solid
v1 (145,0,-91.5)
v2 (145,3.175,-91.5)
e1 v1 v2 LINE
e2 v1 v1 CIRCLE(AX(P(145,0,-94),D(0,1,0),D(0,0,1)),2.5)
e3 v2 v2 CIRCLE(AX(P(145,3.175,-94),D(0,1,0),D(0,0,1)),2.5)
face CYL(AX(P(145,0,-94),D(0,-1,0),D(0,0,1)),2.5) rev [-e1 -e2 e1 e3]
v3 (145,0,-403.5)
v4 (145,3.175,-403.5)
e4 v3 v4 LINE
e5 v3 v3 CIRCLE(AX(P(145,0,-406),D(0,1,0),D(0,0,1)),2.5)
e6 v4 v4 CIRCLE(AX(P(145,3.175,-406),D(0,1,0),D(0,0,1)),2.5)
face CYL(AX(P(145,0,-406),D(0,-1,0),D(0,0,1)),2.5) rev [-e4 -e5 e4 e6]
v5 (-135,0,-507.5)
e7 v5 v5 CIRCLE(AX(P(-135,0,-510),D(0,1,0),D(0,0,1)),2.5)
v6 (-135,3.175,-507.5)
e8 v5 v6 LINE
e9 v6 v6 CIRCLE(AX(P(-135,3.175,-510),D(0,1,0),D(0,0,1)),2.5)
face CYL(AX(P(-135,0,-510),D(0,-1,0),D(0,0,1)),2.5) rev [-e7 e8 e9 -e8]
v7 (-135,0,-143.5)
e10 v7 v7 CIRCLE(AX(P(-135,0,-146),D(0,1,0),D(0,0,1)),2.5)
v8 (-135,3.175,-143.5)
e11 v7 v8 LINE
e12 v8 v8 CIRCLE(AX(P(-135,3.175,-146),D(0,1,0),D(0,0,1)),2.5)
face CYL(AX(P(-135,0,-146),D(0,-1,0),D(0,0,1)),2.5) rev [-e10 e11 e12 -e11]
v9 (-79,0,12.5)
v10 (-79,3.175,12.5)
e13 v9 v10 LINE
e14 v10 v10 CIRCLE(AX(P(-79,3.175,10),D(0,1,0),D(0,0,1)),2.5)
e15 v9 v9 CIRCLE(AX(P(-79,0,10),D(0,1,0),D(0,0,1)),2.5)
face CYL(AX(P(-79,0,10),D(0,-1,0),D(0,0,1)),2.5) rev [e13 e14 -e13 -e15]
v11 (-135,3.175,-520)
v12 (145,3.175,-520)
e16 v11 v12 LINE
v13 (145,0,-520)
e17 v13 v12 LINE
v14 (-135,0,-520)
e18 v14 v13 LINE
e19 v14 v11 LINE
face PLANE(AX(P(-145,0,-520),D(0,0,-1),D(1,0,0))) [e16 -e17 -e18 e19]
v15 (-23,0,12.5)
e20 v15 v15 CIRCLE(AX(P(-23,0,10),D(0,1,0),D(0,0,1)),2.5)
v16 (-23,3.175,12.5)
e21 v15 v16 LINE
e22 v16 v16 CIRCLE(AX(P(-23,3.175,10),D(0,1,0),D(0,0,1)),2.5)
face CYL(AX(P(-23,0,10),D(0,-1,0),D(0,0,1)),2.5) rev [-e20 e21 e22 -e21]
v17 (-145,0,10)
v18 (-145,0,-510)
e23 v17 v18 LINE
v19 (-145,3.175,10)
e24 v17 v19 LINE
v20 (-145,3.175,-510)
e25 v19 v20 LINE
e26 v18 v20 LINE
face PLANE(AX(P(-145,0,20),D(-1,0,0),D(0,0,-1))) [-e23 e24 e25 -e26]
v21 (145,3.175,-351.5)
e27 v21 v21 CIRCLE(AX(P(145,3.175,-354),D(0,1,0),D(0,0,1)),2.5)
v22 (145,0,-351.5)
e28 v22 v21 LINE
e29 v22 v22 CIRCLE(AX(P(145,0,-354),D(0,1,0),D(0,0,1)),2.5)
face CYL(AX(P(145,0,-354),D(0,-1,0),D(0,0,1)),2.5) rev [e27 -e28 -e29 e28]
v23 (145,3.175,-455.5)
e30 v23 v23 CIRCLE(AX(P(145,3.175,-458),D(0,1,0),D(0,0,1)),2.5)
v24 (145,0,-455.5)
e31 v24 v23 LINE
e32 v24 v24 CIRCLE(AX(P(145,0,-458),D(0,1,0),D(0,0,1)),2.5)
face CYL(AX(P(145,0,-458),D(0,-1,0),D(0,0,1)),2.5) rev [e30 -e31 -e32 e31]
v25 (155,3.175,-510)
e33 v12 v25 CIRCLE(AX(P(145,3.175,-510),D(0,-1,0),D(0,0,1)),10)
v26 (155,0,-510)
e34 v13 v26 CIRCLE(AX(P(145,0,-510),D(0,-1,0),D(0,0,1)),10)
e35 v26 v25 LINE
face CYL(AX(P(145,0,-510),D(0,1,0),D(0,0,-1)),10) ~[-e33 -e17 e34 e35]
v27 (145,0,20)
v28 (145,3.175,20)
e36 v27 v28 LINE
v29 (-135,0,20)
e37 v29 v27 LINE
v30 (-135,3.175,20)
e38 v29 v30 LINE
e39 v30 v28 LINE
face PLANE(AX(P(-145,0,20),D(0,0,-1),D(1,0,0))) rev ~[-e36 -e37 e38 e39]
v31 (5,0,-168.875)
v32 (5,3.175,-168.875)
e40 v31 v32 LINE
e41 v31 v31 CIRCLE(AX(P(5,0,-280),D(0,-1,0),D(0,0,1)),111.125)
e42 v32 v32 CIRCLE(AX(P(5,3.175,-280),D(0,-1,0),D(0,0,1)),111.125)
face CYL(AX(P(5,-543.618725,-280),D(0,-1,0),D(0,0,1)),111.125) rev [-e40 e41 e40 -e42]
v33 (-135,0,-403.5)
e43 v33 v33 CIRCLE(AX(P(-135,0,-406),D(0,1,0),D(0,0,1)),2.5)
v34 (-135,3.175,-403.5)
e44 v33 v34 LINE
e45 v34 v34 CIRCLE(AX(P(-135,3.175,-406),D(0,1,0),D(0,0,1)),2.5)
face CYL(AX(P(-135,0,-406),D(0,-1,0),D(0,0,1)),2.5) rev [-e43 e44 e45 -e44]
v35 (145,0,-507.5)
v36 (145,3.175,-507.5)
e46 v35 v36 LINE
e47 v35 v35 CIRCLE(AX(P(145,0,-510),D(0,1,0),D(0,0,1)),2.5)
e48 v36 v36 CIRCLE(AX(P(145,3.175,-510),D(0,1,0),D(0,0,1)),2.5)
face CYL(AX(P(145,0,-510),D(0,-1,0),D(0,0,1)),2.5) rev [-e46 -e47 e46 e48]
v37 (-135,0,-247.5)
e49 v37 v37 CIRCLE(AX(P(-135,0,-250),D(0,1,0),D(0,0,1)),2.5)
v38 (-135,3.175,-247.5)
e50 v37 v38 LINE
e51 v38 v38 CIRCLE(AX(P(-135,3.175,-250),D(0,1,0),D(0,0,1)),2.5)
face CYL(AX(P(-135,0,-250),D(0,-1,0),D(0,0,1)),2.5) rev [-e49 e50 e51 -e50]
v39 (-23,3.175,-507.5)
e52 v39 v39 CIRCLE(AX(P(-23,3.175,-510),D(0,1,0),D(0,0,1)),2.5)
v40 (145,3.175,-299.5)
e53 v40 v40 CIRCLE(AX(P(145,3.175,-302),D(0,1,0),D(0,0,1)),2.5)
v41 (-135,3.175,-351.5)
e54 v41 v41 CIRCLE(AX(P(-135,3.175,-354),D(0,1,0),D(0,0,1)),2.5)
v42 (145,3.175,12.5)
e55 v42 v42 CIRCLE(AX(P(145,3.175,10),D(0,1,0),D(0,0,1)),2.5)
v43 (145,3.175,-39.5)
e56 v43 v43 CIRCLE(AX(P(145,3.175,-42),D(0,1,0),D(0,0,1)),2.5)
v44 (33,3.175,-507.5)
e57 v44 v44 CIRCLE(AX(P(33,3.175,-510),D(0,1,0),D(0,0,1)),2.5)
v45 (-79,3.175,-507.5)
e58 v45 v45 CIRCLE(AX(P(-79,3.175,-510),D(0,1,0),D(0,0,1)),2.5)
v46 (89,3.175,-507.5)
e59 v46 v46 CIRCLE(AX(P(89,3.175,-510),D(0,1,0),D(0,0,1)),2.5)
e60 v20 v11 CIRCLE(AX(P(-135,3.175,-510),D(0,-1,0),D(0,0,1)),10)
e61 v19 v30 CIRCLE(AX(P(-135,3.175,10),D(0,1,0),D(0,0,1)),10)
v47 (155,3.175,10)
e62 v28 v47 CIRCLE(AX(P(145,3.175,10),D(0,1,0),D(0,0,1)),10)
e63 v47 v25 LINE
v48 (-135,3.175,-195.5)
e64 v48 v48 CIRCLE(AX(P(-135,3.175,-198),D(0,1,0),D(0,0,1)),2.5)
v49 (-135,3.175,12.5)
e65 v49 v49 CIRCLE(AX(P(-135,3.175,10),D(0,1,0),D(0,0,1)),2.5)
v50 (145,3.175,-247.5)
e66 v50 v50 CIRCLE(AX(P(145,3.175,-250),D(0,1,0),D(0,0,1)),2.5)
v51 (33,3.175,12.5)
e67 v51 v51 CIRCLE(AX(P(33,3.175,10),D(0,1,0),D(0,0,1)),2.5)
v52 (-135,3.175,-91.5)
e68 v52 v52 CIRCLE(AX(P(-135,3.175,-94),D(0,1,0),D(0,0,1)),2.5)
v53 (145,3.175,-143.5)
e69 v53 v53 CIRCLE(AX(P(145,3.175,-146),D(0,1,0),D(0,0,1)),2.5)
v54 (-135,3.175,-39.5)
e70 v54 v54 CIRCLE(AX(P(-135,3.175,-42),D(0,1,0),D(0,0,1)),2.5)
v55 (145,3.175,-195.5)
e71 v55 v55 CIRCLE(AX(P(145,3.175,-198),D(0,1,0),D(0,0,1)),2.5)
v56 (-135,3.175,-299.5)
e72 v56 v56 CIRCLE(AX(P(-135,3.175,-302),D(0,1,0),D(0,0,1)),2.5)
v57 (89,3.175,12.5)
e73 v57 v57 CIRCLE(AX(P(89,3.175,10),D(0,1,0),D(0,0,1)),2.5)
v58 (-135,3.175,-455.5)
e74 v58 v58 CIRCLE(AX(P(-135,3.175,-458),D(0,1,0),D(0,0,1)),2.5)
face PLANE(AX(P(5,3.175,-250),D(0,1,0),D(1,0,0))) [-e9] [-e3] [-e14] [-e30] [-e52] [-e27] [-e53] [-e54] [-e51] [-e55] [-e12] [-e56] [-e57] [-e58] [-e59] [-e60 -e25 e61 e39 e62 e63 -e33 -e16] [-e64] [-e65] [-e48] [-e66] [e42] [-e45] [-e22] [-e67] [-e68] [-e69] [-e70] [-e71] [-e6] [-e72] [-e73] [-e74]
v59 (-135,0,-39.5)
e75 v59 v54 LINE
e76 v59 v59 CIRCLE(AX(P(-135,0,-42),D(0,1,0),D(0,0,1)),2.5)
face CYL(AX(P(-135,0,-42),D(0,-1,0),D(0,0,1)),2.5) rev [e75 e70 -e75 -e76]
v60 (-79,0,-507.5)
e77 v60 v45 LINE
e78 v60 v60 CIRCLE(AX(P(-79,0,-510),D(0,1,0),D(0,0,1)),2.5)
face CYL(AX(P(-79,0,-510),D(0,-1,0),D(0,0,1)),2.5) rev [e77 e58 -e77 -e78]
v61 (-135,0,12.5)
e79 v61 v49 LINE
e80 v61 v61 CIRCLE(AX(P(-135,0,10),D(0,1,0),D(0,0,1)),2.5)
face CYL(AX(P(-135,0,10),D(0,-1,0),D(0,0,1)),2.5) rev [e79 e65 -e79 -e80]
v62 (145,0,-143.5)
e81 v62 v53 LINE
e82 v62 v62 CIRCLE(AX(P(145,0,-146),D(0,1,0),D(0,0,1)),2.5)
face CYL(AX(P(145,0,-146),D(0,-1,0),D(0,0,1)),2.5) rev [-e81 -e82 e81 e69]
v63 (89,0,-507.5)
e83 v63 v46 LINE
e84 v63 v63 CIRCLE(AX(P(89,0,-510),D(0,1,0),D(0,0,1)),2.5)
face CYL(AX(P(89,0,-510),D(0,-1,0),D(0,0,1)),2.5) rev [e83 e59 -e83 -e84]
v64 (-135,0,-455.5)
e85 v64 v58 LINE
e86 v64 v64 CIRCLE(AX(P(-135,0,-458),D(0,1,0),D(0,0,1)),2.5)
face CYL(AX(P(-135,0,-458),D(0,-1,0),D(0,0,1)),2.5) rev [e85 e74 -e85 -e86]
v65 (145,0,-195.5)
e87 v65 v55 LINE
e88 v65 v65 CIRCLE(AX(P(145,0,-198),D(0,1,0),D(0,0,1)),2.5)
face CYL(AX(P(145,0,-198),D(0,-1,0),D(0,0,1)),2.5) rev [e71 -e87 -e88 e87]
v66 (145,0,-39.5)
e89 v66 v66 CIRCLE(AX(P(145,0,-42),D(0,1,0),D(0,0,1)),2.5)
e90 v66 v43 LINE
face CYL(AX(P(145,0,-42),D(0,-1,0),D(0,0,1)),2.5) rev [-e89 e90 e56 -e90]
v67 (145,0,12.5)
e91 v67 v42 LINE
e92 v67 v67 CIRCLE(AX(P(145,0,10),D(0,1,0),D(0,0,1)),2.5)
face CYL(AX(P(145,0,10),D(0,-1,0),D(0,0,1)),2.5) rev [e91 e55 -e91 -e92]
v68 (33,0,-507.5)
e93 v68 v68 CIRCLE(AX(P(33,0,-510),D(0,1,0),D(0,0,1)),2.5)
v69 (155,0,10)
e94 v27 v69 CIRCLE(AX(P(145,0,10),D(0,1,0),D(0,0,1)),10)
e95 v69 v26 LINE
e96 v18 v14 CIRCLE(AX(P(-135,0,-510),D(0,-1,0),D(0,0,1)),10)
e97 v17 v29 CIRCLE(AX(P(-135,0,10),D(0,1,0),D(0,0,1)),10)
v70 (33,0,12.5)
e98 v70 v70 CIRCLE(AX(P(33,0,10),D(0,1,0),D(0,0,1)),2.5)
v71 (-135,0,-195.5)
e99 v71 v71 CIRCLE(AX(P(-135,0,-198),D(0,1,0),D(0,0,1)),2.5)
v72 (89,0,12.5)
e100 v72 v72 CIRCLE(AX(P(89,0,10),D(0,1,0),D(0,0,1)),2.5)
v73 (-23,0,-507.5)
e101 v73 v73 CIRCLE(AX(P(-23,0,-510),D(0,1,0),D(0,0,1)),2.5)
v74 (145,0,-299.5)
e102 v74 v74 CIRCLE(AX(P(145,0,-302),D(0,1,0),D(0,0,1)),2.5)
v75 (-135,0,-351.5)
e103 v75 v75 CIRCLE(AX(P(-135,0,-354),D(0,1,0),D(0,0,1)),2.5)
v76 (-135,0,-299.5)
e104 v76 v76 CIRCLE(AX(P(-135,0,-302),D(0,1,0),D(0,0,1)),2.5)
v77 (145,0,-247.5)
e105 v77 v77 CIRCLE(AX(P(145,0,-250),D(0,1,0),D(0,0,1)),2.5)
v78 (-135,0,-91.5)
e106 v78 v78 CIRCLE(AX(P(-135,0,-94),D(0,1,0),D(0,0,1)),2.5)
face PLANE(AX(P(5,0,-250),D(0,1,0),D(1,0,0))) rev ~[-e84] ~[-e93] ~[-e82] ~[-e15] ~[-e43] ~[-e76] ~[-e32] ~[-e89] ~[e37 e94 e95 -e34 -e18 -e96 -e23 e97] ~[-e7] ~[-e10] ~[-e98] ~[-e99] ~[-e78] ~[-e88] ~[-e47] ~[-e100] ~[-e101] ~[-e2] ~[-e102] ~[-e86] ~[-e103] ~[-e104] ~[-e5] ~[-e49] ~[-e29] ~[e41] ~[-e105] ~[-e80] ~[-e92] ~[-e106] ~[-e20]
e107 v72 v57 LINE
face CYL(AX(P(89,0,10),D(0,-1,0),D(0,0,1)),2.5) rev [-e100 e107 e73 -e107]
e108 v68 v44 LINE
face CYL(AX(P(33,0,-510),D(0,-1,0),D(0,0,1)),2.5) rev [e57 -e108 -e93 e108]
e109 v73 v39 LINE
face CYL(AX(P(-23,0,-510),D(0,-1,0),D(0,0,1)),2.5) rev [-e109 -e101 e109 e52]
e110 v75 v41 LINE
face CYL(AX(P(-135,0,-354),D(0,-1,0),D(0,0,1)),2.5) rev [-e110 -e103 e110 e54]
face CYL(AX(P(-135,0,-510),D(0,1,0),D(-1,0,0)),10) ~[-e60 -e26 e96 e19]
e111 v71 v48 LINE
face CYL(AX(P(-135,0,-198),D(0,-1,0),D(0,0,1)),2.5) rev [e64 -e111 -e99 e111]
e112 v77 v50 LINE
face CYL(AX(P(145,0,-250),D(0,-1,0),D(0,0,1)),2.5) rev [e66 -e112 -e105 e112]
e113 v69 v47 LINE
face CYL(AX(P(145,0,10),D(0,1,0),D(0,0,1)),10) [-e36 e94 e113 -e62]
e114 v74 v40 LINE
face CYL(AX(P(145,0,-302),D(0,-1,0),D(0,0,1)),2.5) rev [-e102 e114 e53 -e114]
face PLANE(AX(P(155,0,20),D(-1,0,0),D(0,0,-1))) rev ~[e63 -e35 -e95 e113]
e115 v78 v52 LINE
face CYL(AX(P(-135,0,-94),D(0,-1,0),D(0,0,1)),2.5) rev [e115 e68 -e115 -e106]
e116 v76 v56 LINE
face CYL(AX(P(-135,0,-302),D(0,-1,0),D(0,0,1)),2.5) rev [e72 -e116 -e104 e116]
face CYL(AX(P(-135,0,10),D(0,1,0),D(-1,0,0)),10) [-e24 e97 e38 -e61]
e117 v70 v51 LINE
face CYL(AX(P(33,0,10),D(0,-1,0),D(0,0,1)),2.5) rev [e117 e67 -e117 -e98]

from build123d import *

# Parameters (mm, degrees)
SKETCH9_W               = 300
SKETCH9_H               = 540
SKETCH9_R               = 2.5
BOSS_EXTRUDE7_DEPTH     = 3.175
FILLET4_R               = 10
CUT_EXTRUDE1_DEPTH      = 543.618724912
CUT_EXTRUDE1_DEPTH_BACK = 543.618724912
SKETCH9_3_R             = 111.125


with BuildPart() as part:
    # Sketch9 → Boss-Extrude7 (new body)
    with BuildSketch(Plane(origin=(0, 0, 0), x_dir=(1, 0, 0), z_dir=(0, 1, 0))):
        with Locations((5, 250)):
            Rectangle(SKETCH9_W, SKETCH9_H)
        with Locations((-135, -10)):
            Circle(SKETCH9_R, mode=Mode.SUBTRACT)
        with Locations((-135, 42)):
            Circle(SKETCH9_R, mode=Mode.SUBTRACT)
        with Locations((-79, -10)):
            Circle(SKETCH9_R, mode=Mode.SUBTRACT)
        with Locations((-135, 94)):
            Circle(SKETCH9_R, mode=Mode.SUBTRACT)
        with Locations((-23, -10)):
            Circle(SKETCH9_R, mode=Mode.SUBTRACT)
        with Locations((-135, 146)):
            Circle(SKETCH9_R, mode=Mode.SUBTRACT)
        with Locations((-135, 198)):
            Circle(SKETCH9_R, mode=Mode.SUBTRACT)
        with Locations((33, -10)):
            Circle(SKETCH9_R, mode=Mode.SUBTRACT)
        with Locations((89, -10)):
            Circle(SKETCH9_R, mode=Mode.SUBTRACT)
        with Locations((145, -10)):
            Circle(SKETCH9_R, mode=Mode.SUBTRACT)
        with Locations((145, 42)):
            Circle(SKETCH9_R, mode=Mode.SUBTRACT)
        with Locations((145, 94)):
            Circle(SKETCH9_R, mode=Mode.SUBTRACT)
        with Locations((145, 146)):
            Circle(SKETCH9_R, mode=Mode.SUBTRACT)
        with Locations((145, 198)):
            Circle(SKETCH9_R, mode=Mode.SUBTRACT)
        with Locations((-135, 250)):
            Circle(SKETCH9_R, mode=Mode.SUBTRACT)
        with Locations((-135, 302)):
            Circle(SKETCH9_R, mode=Mode.SUBTRACT)
        with Locations((-135, 354)):
            Circle(SKETCH9_R, mode=Mode.SUBTRACT)
        with Locations((-135, 406)):
            Circle(SKETCH9_R, mode=Mode.SUBTRACT)
        with Locations((-135, 458)):
            Circle(SKETCH9_R, mode=Mode.SUBTRACT)
        with Locations((-135, 510)):
            Circle(SKETCH9_R, mode=Mode.SUBTRACT)
        with Locations((-79, 510)):
            Circle(SKETCH9_R, mode=Mode.SUBTRACT)
        with Locations((-23, 510)):
            Circle(SKETCH9_R, mode=Mode.SUBTRACT)
        with Locations((145, 250)):
            Circle(SKETCH9_R, mode=Mode.SUBTRACT)
        with Locations((145, 302)):
            Circle(SKETCH9_R, mode=Mode.SUBTRACT)
        with Locations((145, 354)):
            Circle(SKETCH9_R, mode=Mode.SUBTRACT)
        with Locations((33, 510)):
            Circle(SKETCH9_R, mode=Mode.SUBTRACT)
        with Locations((145, 406)):
            Circle(SKETCH9_R, mode=Mode.SUBTRACT)
        with Locations((89, 510)):
            Circle(SKETCH9_R, mode=Mode.SUBTRACT)
        with Locations((145, 458)):
            Circle(SKETCH9_R, mode=Mode.SUBTRACT)
        with Locations((145, 510)):
            Circle(SKETCH9_R, mode=Mode.SUBTRACT)
    extrude(amount=BOSS_EXTRUDE7_DEPTH)

    # Fillet4
    fillet4_edges = [part.edges().sort_by_distance(p)[0] for p in [
        (-145, 1.5875, -520),
        (155, 1.5875, -520),
        (155, 1.5875, 20),
        (-145, 1.5875, 20),
    ]]
    fillet(fillet4_edges, radius=FILLET4_R)

    # Sketch9<3> → Cut-Extrude1 (cut, two sides: drawn at the far end of the back side and taken through both)
    with BuildSketch(Plane(origin=(0, 0, 0), x_dir=(1, 0, 0), z_dir=(0, 1, 0)).offset(-CUT_EXTRUDE1_DEPTH_BACK)):
        with Locations((5, 280)):
            Circle(SKETCH9_3_R)
    extrude(amount=CUT_EXTRUDE1_DEPTH + CUT_EXTRUDE1_DEPTH_BACK, mode=Mode.SUBTRACT)


solid = part.part
